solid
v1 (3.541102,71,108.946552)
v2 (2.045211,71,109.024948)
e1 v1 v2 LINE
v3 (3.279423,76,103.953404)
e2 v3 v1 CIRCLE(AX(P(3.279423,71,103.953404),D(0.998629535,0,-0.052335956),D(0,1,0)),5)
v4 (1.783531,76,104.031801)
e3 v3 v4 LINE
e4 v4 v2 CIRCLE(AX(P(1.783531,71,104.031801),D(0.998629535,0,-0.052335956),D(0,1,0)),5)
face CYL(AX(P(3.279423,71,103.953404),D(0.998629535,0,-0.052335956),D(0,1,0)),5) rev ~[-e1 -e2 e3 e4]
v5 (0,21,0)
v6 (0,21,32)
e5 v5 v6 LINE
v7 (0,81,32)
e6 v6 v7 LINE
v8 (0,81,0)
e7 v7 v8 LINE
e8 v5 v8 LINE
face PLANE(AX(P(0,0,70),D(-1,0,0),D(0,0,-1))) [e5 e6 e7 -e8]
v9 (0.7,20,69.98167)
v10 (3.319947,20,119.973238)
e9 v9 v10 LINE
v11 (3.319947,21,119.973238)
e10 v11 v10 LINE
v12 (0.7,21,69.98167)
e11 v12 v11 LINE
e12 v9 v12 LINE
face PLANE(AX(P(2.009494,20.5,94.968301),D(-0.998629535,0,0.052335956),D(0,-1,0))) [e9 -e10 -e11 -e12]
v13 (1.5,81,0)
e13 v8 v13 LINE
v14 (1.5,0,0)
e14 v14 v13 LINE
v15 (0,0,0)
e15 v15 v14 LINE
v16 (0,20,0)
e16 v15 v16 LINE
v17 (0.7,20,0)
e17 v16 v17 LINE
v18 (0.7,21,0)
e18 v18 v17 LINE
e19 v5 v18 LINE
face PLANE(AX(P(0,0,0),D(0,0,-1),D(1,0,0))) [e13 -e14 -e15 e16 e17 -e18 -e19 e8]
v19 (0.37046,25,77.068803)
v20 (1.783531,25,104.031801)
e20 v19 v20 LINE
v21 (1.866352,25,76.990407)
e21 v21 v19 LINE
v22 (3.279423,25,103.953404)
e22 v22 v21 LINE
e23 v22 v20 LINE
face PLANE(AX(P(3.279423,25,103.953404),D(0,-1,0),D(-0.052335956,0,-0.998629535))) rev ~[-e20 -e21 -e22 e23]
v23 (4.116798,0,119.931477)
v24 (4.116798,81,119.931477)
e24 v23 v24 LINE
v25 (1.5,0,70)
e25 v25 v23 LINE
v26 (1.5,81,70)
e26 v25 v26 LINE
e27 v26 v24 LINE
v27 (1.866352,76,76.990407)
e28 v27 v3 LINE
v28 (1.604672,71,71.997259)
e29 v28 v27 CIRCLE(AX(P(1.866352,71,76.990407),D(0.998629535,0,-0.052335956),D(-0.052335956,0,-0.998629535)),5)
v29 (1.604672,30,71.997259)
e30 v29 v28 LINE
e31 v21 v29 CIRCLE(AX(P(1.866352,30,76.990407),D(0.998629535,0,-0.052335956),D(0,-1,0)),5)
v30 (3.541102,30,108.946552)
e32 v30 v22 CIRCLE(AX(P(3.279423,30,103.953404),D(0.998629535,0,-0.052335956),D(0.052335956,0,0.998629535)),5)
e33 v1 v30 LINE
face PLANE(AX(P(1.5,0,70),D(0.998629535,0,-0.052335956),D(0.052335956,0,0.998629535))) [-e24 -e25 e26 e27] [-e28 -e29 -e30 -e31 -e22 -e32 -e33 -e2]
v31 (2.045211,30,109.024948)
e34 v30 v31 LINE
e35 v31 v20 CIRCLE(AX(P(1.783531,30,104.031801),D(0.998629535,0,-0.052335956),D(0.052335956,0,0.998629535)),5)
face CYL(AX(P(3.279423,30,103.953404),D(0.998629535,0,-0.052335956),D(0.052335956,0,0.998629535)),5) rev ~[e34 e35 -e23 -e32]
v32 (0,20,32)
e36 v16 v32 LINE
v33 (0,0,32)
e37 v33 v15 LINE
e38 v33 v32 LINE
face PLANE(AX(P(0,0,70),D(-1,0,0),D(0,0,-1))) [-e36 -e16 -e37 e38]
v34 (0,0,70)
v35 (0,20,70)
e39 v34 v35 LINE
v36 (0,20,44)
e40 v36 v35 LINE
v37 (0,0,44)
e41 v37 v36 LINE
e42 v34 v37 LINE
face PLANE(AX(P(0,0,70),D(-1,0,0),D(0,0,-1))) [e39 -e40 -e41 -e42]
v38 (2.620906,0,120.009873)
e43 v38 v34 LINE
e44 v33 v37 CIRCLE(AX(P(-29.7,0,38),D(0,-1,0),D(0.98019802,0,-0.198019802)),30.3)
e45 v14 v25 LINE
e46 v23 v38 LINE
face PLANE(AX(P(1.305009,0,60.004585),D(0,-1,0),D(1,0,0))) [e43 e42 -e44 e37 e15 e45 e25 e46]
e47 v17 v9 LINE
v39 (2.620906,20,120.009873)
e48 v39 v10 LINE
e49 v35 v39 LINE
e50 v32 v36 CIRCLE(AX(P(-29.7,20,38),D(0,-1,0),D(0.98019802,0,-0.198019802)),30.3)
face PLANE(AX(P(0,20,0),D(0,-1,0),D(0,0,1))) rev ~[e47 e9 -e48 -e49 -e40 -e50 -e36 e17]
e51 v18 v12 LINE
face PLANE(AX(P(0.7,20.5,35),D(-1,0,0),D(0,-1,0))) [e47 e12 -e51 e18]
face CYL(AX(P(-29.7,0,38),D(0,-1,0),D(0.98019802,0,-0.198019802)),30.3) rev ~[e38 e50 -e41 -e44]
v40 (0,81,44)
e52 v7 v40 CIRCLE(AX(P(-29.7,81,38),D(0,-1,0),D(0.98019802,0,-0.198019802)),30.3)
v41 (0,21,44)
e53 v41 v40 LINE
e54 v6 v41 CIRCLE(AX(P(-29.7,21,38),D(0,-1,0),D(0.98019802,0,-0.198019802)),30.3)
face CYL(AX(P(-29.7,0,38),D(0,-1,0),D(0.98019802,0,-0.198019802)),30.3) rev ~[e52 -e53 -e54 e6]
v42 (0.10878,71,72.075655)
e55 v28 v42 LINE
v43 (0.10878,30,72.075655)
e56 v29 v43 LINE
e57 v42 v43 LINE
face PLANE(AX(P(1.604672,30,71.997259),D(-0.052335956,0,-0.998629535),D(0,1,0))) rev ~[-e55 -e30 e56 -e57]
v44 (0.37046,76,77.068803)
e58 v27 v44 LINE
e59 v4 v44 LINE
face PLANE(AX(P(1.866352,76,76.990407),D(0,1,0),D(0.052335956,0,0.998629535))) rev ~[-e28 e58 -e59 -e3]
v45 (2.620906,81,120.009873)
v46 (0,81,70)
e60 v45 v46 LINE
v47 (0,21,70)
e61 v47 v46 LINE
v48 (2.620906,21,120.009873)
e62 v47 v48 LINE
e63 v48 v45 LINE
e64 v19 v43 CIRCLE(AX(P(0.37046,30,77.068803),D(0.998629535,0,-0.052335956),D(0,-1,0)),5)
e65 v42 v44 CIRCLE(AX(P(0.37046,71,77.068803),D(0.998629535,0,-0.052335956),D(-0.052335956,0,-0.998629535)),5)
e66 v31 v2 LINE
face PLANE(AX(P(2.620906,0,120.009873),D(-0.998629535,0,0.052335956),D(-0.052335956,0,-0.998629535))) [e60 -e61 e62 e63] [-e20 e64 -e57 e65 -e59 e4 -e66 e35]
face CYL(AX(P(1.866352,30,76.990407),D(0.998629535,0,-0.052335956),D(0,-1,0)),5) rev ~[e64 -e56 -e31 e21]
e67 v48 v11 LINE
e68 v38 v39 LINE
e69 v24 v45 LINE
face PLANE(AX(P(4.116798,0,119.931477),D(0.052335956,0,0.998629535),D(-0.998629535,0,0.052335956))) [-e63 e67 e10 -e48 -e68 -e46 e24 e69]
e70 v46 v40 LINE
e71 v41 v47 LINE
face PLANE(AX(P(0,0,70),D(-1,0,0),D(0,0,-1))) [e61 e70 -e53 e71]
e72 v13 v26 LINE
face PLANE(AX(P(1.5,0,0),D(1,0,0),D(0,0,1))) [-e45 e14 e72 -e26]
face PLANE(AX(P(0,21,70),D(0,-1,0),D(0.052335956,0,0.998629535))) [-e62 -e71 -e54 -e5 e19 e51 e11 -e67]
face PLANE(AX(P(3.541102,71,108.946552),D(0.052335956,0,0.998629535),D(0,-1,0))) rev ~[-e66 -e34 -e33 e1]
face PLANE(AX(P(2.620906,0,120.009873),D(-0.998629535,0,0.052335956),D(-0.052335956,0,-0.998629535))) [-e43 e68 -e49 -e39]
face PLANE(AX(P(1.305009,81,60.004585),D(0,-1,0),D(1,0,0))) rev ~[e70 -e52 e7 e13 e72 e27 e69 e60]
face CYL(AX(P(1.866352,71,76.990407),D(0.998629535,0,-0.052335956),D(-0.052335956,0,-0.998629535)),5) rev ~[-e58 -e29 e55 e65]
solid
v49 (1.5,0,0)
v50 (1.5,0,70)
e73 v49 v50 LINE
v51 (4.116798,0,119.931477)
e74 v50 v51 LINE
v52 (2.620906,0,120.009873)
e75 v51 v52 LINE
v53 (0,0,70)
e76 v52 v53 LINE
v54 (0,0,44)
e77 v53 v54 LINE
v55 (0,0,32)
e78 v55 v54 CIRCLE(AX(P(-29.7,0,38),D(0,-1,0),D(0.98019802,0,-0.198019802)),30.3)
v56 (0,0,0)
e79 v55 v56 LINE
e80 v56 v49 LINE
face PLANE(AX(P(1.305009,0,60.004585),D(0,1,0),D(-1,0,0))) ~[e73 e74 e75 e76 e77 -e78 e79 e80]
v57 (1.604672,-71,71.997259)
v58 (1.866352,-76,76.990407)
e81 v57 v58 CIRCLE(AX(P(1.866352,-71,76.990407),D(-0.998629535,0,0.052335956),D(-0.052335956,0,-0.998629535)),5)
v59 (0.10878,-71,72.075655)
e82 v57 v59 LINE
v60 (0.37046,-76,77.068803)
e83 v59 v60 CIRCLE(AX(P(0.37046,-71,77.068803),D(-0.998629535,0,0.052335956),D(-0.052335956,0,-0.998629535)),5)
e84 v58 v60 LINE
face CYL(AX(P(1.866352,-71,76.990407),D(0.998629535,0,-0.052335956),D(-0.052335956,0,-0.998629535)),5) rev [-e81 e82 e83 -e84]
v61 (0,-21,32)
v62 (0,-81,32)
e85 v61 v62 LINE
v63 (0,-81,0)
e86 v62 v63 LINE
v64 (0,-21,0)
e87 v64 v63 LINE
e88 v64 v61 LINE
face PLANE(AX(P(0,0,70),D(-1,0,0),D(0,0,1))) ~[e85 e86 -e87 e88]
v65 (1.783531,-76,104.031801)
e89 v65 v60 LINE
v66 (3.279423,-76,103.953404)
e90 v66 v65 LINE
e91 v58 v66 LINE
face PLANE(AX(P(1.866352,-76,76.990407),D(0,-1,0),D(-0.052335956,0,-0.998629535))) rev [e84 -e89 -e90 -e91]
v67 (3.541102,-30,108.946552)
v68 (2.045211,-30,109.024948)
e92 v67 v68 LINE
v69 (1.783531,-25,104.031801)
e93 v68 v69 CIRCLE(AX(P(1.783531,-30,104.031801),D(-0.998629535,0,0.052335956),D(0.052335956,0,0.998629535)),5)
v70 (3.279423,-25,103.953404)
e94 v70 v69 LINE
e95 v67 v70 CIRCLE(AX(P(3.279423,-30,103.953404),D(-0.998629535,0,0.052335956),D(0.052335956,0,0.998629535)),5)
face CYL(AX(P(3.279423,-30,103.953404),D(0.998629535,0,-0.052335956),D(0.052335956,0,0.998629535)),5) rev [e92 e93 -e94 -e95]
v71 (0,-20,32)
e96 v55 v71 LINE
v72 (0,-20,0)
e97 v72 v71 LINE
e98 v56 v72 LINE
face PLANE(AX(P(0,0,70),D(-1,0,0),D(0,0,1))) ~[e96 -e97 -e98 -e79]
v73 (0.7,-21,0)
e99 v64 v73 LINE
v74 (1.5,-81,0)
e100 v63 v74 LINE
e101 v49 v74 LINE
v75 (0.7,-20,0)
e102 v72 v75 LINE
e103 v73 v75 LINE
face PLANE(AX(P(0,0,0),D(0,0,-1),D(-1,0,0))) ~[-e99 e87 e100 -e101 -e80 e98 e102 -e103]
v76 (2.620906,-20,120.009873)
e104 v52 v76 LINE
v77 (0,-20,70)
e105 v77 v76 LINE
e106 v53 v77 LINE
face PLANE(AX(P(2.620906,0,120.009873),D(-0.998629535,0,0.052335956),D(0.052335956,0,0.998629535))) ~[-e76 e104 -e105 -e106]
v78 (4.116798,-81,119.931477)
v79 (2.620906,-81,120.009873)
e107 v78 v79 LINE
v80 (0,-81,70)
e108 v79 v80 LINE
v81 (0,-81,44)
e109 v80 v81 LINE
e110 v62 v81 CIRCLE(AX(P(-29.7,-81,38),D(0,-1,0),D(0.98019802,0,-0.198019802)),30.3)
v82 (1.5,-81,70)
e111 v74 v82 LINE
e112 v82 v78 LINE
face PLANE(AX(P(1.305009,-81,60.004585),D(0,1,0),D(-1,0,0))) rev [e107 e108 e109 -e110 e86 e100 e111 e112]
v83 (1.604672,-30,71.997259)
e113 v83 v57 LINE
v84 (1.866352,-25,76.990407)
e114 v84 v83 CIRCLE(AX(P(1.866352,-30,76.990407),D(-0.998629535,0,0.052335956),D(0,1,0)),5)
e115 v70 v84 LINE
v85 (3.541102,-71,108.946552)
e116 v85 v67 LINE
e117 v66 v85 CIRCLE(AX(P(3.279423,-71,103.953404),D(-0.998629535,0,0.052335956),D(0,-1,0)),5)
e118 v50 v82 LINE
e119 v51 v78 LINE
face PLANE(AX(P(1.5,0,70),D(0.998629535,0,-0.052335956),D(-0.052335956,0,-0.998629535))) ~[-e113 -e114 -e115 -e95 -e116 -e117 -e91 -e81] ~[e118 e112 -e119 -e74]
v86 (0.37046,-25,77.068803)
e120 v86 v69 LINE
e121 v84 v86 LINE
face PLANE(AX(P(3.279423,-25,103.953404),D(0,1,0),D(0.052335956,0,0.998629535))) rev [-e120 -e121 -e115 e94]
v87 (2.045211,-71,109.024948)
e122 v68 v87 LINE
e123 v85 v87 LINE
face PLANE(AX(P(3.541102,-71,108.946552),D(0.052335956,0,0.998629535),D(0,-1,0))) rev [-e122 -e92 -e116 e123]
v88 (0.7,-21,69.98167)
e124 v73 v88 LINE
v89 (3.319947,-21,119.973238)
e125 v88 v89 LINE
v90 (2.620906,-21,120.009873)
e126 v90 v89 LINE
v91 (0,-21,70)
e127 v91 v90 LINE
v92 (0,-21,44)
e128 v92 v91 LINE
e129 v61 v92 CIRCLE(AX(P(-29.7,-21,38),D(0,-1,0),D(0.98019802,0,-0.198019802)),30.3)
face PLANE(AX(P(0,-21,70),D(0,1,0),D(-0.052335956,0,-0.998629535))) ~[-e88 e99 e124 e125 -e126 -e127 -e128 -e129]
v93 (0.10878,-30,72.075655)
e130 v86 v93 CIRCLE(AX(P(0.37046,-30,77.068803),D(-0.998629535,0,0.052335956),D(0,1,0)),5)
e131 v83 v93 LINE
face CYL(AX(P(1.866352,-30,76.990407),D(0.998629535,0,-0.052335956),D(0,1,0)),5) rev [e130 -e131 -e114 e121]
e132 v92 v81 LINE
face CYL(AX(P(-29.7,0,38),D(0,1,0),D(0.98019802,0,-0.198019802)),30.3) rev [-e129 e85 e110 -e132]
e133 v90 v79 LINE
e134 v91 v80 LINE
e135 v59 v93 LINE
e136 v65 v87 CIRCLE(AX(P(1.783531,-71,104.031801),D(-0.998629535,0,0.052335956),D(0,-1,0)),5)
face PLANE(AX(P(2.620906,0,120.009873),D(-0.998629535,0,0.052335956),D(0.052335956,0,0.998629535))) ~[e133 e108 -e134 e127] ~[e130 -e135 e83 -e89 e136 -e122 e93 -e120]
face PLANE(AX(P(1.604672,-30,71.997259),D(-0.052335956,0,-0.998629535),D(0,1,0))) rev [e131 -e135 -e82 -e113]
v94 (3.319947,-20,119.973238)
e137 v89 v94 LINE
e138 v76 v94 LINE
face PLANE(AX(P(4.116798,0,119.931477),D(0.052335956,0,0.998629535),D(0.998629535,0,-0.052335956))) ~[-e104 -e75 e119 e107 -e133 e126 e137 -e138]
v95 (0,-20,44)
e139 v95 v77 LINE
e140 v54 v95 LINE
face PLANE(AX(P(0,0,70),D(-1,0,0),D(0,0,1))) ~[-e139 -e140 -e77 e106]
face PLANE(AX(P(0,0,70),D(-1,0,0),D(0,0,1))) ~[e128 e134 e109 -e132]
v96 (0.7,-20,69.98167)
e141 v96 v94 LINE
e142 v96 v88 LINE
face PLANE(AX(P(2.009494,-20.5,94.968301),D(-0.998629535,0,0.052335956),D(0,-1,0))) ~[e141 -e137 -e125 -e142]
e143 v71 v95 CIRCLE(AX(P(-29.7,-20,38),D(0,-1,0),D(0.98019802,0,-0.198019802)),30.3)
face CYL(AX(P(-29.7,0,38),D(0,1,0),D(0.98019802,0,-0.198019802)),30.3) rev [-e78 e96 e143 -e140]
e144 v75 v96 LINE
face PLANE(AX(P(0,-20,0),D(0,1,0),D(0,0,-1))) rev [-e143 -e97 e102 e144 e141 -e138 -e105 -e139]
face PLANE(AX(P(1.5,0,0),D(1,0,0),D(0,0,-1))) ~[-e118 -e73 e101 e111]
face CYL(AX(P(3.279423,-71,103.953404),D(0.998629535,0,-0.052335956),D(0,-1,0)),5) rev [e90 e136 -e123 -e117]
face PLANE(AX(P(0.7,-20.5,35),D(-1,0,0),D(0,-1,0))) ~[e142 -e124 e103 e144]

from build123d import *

# Parameters (mm, degrees)
F1_DEPTH = 81
F3_DEPTH = 4.1162588316
F5_DEPTH = 81.001
F6_W     = 1
F6_H     = 70
F7_DEPTH = 0.7
F8_W     = 1
F8_H     = 50.0785039344
F9_DEPTH = 0.7


with BuildPart() as f1:
    # F0 (on Front) → F1 (new body)
    with BuildSketch(Plane.XZ):
        Polygon((0, 70), (0, 0), (1.5, 0), (1.5, 70), (4.1167978121, 119.9314767377), (2.6209063906, 120.0098730852), align=None)
    extrude(amount=-F1_DEPTH)

    # F2 (on face) → F3 (cut, through all)
    with BuildSketch(Plane(origin=(-2.1626047928, 0, 0.1133373147), x_dir=(0, 1, 0), z_dir=(0.9986295348, 0, -0.0523359562))):
        with BuildLine():
            Line((71, 108.9825713672), (30, 108.9825713672))
            ThreePointArc((30, 108.9825713672), (26.4644660941, 107.5181052731), (25, 103.9825713672))
            Line((25, 103.9825713672), (25, 76.9825713672))
            ThreePointArc((25, 76.9825713672), (26.4644660941, 73.4470374613), (30, 71.9825713672))
            Line((30, 71.9825713672), (71, 71.9825713672))
            ThreePointArc((71, 71.9825713672), (74.5355339059, 73.4470374613), (76, 76.9825713672))
            Line((76, 76.9825713672), (76, 103.9825713672))
            ThreePointArc((76, 103.9825713672), (74.5355339059, 107.5181052731), (71, 108.9825713672))
        make_face()
    extrude(amount=-F3_DEPTH, mode=Mode.SUBTRACT)

    # F4 (on face) → F5 (cut, through all)
    with BuildSketch(Plane.XZ):
        with BuildLine():
            ThreePointArc((0, 32), (0.6, 38), (0, 44))
            Line((0, 44), (0, 32))
        make_face()
    extrude(amount=-F5_DEPTH, mode=Mode.SUBTRACT)

    # F6 (on face) → F7 (cut)
    with BuildSketch(Plane(origin=(0, 0, 0), x_dir=(0, -1, 0), z_dir=(-1, 0, 0))):
        with Locations((-20.5, 35)):
            Rectangle(F6_W, F6_H)
    extrude(amount=-F7_DEPTH, mode=Mode.SUBTRACT)

    # F8 (on face) → F9 (cut)
    with BuildSketch(Plane(origin=(-3.6584962144, 0, 0.1917336621), x_dir=(0, -1, 0), z_dir=(-0.9986295348, 0, 0.0523359562))):
        with Locations((-20.5, 94.9433194)):
            Rectangle(F8_W, F8_H)
    extrude(amount=-F9_DEPTH, mode=Mode.SUBTRACT)


with BuildPart() as f10_1:
    # F10: instance of F1
    add(f1.part.mirror(Plane.XZ))


solid = Compound([f1.part, f10_1.part])
